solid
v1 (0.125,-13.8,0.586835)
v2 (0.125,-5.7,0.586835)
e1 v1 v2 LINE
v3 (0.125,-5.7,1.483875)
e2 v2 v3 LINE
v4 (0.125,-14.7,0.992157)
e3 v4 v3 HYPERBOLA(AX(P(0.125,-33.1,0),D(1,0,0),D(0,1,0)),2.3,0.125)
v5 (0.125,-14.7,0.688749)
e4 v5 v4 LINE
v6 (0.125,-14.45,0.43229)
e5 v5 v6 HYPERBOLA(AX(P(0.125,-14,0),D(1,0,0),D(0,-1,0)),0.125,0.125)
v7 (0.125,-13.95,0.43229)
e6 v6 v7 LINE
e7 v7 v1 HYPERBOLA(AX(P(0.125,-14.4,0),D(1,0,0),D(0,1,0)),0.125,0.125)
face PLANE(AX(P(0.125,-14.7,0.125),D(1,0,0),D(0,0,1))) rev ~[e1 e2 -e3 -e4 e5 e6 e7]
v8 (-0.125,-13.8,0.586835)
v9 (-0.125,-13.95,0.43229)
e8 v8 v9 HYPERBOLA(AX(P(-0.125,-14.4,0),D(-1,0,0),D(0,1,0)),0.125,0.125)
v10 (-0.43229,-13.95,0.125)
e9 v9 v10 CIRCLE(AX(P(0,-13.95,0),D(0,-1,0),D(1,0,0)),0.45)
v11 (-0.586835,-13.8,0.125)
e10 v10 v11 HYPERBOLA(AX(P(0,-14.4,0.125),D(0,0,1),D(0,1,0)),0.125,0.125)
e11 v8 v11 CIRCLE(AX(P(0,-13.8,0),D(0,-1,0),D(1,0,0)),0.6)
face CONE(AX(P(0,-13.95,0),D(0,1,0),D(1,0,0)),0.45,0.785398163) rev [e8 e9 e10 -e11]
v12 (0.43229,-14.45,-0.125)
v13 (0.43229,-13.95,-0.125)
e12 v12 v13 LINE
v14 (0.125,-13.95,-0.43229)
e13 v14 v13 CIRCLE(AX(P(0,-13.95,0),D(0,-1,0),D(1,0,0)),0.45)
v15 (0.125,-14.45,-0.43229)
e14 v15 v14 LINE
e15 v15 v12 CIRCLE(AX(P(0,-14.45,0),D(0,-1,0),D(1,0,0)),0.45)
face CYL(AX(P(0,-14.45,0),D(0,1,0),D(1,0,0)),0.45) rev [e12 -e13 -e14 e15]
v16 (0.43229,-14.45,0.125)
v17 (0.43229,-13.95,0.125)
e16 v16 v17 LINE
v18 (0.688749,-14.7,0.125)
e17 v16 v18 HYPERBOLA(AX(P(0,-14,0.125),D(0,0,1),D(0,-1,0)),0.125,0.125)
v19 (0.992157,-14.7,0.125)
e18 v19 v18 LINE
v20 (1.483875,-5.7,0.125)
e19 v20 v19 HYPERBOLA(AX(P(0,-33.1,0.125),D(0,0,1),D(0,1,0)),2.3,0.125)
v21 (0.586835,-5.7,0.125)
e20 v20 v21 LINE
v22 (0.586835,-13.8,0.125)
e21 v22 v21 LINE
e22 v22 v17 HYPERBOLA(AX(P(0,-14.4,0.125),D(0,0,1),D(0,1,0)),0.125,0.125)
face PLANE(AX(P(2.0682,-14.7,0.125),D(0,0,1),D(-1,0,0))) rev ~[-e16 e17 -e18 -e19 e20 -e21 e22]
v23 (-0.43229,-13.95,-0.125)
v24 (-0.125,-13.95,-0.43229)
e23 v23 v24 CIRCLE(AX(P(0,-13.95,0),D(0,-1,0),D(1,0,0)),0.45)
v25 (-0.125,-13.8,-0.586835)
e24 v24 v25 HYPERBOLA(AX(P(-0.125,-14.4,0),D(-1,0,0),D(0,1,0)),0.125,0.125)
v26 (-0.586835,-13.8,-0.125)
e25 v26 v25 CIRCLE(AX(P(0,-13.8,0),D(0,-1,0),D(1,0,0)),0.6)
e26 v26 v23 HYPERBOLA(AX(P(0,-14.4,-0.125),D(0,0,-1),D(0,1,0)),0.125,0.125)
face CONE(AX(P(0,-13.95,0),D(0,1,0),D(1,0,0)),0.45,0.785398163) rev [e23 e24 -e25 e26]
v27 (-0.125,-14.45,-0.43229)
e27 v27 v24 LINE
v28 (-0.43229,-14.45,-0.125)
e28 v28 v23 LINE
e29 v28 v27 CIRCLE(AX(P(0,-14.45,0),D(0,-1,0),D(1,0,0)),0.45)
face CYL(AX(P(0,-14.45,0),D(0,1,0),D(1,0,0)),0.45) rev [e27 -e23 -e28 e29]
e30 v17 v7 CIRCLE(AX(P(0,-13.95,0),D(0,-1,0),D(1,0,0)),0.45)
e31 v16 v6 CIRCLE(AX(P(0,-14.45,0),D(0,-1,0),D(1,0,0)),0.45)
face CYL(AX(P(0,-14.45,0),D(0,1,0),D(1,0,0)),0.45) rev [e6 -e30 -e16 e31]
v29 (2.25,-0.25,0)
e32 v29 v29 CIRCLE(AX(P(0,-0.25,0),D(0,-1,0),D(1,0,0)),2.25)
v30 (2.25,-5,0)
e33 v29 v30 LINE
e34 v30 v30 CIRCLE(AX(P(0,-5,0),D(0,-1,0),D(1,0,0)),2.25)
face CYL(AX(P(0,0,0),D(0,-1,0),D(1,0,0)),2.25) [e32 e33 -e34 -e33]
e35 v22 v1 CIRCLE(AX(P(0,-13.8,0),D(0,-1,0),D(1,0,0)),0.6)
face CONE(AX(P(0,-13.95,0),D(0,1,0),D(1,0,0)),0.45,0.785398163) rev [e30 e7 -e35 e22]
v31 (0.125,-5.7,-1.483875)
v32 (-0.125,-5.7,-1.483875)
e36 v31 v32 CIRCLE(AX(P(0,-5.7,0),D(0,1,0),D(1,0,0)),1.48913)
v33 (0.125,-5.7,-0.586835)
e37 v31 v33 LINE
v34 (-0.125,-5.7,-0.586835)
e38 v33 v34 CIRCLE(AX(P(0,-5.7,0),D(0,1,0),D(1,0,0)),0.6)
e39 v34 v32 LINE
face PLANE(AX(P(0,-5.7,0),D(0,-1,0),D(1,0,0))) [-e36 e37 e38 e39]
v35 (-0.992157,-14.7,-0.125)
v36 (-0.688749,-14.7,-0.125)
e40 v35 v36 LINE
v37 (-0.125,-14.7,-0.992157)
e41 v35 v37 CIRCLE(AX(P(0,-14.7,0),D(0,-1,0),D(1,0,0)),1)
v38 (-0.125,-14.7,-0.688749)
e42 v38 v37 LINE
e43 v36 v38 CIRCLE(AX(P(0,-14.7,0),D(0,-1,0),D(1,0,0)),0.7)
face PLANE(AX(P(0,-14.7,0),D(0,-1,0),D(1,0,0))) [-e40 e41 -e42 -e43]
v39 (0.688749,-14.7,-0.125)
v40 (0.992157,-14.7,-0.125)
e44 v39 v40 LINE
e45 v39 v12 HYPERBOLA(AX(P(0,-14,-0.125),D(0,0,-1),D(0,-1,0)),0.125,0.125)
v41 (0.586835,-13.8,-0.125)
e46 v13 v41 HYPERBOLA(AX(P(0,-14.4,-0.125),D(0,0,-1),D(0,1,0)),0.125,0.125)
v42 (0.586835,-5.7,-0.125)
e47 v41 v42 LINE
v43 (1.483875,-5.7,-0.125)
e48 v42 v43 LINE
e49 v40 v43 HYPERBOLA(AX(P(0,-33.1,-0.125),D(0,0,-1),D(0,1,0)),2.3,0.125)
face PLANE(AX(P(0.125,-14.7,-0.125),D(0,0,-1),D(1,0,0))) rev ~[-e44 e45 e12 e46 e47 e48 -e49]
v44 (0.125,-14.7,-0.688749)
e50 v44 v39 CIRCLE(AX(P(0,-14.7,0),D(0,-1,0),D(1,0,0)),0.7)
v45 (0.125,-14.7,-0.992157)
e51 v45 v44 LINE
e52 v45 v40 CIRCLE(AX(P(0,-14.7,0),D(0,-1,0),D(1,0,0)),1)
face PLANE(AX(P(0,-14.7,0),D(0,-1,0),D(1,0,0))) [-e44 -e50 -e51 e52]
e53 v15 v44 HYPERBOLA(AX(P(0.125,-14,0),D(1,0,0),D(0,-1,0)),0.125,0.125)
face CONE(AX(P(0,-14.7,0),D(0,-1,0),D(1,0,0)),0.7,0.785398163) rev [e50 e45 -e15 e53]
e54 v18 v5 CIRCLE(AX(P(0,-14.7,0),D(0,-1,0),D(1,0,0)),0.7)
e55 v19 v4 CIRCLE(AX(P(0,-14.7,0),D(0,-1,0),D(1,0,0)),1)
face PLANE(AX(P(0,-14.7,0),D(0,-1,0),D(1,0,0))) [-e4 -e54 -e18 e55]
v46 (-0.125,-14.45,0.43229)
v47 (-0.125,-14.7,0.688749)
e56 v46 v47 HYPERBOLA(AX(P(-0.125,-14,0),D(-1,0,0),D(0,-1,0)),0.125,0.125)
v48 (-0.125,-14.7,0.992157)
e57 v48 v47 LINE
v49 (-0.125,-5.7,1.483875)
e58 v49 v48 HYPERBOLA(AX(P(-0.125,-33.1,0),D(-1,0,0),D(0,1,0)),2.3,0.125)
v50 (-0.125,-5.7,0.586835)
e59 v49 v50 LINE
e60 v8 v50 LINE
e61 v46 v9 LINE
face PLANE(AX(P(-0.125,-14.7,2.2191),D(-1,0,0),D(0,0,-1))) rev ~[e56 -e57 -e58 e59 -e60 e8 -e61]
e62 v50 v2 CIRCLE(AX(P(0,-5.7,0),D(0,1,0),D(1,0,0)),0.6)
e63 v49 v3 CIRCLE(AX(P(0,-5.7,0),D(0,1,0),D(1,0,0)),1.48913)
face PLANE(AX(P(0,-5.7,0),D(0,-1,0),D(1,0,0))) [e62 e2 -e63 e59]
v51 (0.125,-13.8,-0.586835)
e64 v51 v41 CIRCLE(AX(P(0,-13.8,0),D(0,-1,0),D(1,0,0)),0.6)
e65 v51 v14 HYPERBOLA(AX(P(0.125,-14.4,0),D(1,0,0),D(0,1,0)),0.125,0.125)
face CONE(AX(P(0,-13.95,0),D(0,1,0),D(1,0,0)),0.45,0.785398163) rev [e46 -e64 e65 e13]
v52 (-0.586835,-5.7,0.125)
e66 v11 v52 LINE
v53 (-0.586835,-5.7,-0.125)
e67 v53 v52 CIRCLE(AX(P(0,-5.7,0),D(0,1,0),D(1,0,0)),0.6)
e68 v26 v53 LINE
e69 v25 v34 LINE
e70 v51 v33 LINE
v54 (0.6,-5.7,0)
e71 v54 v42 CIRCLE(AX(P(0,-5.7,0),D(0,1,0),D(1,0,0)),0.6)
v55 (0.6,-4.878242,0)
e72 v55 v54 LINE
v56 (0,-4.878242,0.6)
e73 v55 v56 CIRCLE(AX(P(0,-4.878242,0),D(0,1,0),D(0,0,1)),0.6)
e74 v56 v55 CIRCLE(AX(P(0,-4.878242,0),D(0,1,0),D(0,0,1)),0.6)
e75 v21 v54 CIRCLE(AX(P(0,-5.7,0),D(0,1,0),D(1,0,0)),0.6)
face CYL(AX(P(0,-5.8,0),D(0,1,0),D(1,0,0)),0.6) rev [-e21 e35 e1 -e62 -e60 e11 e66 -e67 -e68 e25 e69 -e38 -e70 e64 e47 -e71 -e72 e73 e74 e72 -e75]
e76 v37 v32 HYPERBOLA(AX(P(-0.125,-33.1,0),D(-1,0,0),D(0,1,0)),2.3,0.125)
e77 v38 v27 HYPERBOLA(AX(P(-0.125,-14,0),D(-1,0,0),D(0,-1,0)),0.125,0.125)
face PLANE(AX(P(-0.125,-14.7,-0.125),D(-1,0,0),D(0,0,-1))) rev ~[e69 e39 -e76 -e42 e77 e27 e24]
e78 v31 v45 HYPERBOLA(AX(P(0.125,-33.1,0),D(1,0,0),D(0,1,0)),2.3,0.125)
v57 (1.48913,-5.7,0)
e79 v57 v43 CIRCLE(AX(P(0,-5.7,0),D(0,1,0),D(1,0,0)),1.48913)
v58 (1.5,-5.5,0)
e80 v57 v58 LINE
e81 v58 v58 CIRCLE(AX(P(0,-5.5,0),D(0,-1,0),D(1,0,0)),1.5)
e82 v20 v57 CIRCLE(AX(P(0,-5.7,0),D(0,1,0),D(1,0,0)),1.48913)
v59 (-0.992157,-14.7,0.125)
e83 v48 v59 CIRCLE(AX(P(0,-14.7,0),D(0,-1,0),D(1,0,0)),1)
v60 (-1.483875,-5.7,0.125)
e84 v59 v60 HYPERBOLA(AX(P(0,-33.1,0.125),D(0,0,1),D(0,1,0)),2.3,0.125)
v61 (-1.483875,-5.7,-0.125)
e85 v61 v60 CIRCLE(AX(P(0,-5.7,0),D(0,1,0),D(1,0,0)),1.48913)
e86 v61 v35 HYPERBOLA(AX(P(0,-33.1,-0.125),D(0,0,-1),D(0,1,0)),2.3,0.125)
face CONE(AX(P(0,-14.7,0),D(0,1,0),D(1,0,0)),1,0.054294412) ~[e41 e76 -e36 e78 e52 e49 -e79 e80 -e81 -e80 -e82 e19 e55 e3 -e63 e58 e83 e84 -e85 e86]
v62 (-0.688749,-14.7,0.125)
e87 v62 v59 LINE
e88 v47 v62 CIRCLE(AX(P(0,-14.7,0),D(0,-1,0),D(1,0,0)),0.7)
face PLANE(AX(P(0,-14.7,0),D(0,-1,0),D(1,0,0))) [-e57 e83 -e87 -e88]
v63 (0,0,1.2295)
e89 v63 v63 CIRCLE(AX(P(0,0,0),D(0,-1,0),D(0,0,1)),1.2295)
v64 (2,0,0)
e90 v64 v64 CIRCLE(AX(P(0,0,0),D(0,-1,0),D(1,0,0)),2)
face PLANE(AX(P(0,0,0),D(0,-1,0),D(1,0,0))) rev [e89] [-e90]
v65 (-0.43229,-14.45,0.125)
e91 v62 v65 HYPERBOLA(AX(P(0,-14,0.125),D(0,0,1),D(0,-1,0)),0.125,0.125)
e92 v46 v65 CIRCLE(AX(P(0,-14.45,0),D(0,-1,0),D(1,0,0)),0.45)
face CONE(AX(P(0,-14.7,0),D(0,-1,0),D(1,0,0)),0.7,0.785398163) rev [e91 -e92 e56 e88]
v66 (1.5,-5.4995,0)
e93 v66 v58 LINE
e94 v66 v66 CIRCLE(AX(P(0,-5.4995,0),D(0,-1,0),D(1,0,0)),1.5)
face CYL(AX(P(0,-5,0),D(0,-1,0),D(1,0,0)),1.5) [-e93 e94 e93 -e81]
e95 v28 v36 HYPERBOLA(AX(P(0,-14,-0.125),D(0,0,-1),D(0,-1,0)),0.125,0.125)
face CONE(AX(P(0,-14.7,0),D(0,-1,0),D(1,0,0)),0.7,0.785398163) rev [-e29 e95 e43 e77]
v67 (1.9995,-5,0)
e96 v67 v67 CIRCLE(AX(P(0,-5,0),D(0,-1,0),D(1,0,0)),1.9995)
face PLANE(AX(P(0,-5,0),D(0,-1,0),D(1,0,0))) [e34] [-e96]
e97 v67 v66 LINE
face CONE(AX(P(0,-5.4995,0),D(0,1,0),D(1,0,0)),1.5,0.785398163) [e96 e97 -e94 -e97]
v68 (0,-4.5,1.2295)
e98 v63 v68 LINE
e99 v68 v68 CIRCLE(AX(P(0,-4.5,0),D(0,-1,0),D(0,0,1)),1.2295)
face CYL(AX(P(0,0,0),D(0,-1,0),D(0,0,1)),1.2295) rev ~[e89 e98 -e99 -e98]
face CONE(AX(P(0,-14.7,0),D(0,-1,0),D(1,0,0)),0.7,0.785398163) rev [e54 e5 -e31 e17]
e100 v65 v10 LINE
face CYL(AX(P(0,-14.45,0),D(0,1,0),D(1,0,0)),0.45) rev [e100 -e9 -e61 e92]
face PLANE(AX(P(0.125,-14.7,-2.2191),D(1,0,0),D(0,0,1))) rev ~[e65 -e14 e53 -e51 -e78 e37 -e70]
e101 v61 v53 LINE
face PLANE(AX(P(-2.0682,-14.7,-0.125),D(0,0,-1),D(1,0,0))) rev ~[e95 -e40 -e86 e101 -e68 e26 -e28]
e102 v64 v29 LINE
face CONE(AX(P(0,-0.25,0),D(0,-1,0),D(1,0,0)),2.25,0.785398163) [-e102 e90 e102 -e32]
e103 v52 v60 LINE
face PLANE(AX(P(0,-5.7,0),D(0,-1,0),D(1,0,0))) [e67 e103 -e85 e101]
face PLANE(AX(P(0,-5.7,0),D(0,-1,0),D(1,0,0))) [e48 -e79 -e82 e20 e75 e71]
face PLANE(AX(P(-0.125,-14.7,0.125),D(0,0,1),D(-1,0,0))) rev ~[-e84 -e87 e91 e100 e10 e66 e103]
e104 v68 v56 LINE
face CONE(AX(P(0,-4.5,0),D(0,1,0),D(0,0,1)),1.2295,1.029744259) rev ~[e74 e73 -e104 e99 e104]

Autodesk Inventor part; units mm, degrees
ref_plane "YZ Plane" through (0, 0, 0) normal (1, 0, 0) x (0, 1, 0)
ref_plane "XZ Plane" through (0, 0, 0) normal (0, 1, 0) x (-1, 0, 0)
ref_plane "XY Plane" through (0, 0, 0) normal (0, 0, 1) x (1, 0, 0)
sketch "Sketch1" plane through (0, 0, 0) normal (0, 0, 1) x (1, 0, 0)
  line L0 (0, 0) -> (0, -5.8)
  line L1 (0, 0) -> (2.25, 0)
  line L2 (2.25, 0) -> (2.25, -5)
  line L3 (2.25, -5) -> (1.5, -5)
  line L4 (1.5, -5) -> (1.5, -14.7)
  line L5 (1.5, -14.7) -> (0.7, -14.7)
  line L6 (0.7, -14.7) -> (0.45, -14.45)
  line L7 (0.45, -14.45) -> (0.45, -13.95)
  line L8 (0.45, -13.95) -> (0.6, -13.8)
  line L9 (0.6, -13.8) -> (0.6, -5.8)
  line L10 (0.6, -5.8) -> (0, -5.8)
  line L11 (1, -14.7) -> (1.5, -5.5)
  line L12 (0.6, -5.8) -> (0.6, 0)
  dimension "d0" = 4.5
  dimension "d1" = 0.9
  dimension "d2" = 1.2
  dimension "d3" = 135
  dimension "d4" = 3
  dimension "d5" = 5
  dimension "d6" = 0.8
  dimension "d7" = 8
  dimension "d8" = 0.25
  dimension "d9" = 0.5
  dimension "d10" = 0.5
  dimension "d11" = 0.3
revolve "Revolution1" add sketch "Sketch1" angle 360 about axis through (0, 0, 0) along (0, -1, 0) contours L1 L2 L3 L4 L11 L5 L6 L7 L8 L9 L12
sketch "Sketch3" plane through (0, 0, 0) normal (0, 1, 0) x (1, 0, 0)
  circle A0 centre (0, 0) radius 0.6 projected
hole "Hole1" at (0, 0, 0) direction (0, -1, 0) diameter 2.459 depth 4.5 tip angle 118 thread size "M3x0.5" class "6H" standard "ISO Metric profile"
chamfer "Chamfer2" distance 0.25 angle 45 1 edges at (-2.25, 0, 0)
sketch "Sketch2" plane through (0, -14.7, 0) normal (0, -1, 0) x (1, 0, 0)
  line L0 (-0.125, -2.2191) -> (0.125, -2.2191)
  line L1 (0.125, -2.2191) -> (0.125, 2.2191)
  line L2 (0.125, 2.2191) -> (-0.125, 2.2191)
  line L3 (-0.125, 2.2191) -> (-0.125, -2.2191)
  line L4 (-0.125, -2.2191) -> (0.125, 2.2191) construction
  line L5 (0.125, -2.2191) -> (-0.125, 2.2191) construction
  line L6 (-2.0682, -0.125) -> (2.0682, -0.125)
  line L7 (2.0682, -0.125) -> (2.0682, 0.125)
  line L8 (2.0682, 0.125) -> (-2.0682, 0.125)
  line L9 (-2.0682, 0.125) -> (-2.0682, -0.125)
  line L10 (-2.0682, -0.125) -> (2.0682, 0.125) construction
  line L11 (2.0682, -0.125) -> (-2.0682, 0.125) construction
  point P0 (0, 0)
  point P1 (-0.125, -0.125)
  point P2 (0.125, -0.125)
  point P3 (0.125, 0.125)
  point P4 (-0.125, 0.125)
  dimension "d13" = 0.25
  dimension "d14" = 0.25
extrude "Extrusion1" cut sketch "Sketch2" against normal blind 9
chamfer "Chamfer3" distance 0.5 angle 45 1 edges at (-1.5, -5, 0)
equation "\"d13\" = d14"
properties part number "FilamentPin" material "Copper"
